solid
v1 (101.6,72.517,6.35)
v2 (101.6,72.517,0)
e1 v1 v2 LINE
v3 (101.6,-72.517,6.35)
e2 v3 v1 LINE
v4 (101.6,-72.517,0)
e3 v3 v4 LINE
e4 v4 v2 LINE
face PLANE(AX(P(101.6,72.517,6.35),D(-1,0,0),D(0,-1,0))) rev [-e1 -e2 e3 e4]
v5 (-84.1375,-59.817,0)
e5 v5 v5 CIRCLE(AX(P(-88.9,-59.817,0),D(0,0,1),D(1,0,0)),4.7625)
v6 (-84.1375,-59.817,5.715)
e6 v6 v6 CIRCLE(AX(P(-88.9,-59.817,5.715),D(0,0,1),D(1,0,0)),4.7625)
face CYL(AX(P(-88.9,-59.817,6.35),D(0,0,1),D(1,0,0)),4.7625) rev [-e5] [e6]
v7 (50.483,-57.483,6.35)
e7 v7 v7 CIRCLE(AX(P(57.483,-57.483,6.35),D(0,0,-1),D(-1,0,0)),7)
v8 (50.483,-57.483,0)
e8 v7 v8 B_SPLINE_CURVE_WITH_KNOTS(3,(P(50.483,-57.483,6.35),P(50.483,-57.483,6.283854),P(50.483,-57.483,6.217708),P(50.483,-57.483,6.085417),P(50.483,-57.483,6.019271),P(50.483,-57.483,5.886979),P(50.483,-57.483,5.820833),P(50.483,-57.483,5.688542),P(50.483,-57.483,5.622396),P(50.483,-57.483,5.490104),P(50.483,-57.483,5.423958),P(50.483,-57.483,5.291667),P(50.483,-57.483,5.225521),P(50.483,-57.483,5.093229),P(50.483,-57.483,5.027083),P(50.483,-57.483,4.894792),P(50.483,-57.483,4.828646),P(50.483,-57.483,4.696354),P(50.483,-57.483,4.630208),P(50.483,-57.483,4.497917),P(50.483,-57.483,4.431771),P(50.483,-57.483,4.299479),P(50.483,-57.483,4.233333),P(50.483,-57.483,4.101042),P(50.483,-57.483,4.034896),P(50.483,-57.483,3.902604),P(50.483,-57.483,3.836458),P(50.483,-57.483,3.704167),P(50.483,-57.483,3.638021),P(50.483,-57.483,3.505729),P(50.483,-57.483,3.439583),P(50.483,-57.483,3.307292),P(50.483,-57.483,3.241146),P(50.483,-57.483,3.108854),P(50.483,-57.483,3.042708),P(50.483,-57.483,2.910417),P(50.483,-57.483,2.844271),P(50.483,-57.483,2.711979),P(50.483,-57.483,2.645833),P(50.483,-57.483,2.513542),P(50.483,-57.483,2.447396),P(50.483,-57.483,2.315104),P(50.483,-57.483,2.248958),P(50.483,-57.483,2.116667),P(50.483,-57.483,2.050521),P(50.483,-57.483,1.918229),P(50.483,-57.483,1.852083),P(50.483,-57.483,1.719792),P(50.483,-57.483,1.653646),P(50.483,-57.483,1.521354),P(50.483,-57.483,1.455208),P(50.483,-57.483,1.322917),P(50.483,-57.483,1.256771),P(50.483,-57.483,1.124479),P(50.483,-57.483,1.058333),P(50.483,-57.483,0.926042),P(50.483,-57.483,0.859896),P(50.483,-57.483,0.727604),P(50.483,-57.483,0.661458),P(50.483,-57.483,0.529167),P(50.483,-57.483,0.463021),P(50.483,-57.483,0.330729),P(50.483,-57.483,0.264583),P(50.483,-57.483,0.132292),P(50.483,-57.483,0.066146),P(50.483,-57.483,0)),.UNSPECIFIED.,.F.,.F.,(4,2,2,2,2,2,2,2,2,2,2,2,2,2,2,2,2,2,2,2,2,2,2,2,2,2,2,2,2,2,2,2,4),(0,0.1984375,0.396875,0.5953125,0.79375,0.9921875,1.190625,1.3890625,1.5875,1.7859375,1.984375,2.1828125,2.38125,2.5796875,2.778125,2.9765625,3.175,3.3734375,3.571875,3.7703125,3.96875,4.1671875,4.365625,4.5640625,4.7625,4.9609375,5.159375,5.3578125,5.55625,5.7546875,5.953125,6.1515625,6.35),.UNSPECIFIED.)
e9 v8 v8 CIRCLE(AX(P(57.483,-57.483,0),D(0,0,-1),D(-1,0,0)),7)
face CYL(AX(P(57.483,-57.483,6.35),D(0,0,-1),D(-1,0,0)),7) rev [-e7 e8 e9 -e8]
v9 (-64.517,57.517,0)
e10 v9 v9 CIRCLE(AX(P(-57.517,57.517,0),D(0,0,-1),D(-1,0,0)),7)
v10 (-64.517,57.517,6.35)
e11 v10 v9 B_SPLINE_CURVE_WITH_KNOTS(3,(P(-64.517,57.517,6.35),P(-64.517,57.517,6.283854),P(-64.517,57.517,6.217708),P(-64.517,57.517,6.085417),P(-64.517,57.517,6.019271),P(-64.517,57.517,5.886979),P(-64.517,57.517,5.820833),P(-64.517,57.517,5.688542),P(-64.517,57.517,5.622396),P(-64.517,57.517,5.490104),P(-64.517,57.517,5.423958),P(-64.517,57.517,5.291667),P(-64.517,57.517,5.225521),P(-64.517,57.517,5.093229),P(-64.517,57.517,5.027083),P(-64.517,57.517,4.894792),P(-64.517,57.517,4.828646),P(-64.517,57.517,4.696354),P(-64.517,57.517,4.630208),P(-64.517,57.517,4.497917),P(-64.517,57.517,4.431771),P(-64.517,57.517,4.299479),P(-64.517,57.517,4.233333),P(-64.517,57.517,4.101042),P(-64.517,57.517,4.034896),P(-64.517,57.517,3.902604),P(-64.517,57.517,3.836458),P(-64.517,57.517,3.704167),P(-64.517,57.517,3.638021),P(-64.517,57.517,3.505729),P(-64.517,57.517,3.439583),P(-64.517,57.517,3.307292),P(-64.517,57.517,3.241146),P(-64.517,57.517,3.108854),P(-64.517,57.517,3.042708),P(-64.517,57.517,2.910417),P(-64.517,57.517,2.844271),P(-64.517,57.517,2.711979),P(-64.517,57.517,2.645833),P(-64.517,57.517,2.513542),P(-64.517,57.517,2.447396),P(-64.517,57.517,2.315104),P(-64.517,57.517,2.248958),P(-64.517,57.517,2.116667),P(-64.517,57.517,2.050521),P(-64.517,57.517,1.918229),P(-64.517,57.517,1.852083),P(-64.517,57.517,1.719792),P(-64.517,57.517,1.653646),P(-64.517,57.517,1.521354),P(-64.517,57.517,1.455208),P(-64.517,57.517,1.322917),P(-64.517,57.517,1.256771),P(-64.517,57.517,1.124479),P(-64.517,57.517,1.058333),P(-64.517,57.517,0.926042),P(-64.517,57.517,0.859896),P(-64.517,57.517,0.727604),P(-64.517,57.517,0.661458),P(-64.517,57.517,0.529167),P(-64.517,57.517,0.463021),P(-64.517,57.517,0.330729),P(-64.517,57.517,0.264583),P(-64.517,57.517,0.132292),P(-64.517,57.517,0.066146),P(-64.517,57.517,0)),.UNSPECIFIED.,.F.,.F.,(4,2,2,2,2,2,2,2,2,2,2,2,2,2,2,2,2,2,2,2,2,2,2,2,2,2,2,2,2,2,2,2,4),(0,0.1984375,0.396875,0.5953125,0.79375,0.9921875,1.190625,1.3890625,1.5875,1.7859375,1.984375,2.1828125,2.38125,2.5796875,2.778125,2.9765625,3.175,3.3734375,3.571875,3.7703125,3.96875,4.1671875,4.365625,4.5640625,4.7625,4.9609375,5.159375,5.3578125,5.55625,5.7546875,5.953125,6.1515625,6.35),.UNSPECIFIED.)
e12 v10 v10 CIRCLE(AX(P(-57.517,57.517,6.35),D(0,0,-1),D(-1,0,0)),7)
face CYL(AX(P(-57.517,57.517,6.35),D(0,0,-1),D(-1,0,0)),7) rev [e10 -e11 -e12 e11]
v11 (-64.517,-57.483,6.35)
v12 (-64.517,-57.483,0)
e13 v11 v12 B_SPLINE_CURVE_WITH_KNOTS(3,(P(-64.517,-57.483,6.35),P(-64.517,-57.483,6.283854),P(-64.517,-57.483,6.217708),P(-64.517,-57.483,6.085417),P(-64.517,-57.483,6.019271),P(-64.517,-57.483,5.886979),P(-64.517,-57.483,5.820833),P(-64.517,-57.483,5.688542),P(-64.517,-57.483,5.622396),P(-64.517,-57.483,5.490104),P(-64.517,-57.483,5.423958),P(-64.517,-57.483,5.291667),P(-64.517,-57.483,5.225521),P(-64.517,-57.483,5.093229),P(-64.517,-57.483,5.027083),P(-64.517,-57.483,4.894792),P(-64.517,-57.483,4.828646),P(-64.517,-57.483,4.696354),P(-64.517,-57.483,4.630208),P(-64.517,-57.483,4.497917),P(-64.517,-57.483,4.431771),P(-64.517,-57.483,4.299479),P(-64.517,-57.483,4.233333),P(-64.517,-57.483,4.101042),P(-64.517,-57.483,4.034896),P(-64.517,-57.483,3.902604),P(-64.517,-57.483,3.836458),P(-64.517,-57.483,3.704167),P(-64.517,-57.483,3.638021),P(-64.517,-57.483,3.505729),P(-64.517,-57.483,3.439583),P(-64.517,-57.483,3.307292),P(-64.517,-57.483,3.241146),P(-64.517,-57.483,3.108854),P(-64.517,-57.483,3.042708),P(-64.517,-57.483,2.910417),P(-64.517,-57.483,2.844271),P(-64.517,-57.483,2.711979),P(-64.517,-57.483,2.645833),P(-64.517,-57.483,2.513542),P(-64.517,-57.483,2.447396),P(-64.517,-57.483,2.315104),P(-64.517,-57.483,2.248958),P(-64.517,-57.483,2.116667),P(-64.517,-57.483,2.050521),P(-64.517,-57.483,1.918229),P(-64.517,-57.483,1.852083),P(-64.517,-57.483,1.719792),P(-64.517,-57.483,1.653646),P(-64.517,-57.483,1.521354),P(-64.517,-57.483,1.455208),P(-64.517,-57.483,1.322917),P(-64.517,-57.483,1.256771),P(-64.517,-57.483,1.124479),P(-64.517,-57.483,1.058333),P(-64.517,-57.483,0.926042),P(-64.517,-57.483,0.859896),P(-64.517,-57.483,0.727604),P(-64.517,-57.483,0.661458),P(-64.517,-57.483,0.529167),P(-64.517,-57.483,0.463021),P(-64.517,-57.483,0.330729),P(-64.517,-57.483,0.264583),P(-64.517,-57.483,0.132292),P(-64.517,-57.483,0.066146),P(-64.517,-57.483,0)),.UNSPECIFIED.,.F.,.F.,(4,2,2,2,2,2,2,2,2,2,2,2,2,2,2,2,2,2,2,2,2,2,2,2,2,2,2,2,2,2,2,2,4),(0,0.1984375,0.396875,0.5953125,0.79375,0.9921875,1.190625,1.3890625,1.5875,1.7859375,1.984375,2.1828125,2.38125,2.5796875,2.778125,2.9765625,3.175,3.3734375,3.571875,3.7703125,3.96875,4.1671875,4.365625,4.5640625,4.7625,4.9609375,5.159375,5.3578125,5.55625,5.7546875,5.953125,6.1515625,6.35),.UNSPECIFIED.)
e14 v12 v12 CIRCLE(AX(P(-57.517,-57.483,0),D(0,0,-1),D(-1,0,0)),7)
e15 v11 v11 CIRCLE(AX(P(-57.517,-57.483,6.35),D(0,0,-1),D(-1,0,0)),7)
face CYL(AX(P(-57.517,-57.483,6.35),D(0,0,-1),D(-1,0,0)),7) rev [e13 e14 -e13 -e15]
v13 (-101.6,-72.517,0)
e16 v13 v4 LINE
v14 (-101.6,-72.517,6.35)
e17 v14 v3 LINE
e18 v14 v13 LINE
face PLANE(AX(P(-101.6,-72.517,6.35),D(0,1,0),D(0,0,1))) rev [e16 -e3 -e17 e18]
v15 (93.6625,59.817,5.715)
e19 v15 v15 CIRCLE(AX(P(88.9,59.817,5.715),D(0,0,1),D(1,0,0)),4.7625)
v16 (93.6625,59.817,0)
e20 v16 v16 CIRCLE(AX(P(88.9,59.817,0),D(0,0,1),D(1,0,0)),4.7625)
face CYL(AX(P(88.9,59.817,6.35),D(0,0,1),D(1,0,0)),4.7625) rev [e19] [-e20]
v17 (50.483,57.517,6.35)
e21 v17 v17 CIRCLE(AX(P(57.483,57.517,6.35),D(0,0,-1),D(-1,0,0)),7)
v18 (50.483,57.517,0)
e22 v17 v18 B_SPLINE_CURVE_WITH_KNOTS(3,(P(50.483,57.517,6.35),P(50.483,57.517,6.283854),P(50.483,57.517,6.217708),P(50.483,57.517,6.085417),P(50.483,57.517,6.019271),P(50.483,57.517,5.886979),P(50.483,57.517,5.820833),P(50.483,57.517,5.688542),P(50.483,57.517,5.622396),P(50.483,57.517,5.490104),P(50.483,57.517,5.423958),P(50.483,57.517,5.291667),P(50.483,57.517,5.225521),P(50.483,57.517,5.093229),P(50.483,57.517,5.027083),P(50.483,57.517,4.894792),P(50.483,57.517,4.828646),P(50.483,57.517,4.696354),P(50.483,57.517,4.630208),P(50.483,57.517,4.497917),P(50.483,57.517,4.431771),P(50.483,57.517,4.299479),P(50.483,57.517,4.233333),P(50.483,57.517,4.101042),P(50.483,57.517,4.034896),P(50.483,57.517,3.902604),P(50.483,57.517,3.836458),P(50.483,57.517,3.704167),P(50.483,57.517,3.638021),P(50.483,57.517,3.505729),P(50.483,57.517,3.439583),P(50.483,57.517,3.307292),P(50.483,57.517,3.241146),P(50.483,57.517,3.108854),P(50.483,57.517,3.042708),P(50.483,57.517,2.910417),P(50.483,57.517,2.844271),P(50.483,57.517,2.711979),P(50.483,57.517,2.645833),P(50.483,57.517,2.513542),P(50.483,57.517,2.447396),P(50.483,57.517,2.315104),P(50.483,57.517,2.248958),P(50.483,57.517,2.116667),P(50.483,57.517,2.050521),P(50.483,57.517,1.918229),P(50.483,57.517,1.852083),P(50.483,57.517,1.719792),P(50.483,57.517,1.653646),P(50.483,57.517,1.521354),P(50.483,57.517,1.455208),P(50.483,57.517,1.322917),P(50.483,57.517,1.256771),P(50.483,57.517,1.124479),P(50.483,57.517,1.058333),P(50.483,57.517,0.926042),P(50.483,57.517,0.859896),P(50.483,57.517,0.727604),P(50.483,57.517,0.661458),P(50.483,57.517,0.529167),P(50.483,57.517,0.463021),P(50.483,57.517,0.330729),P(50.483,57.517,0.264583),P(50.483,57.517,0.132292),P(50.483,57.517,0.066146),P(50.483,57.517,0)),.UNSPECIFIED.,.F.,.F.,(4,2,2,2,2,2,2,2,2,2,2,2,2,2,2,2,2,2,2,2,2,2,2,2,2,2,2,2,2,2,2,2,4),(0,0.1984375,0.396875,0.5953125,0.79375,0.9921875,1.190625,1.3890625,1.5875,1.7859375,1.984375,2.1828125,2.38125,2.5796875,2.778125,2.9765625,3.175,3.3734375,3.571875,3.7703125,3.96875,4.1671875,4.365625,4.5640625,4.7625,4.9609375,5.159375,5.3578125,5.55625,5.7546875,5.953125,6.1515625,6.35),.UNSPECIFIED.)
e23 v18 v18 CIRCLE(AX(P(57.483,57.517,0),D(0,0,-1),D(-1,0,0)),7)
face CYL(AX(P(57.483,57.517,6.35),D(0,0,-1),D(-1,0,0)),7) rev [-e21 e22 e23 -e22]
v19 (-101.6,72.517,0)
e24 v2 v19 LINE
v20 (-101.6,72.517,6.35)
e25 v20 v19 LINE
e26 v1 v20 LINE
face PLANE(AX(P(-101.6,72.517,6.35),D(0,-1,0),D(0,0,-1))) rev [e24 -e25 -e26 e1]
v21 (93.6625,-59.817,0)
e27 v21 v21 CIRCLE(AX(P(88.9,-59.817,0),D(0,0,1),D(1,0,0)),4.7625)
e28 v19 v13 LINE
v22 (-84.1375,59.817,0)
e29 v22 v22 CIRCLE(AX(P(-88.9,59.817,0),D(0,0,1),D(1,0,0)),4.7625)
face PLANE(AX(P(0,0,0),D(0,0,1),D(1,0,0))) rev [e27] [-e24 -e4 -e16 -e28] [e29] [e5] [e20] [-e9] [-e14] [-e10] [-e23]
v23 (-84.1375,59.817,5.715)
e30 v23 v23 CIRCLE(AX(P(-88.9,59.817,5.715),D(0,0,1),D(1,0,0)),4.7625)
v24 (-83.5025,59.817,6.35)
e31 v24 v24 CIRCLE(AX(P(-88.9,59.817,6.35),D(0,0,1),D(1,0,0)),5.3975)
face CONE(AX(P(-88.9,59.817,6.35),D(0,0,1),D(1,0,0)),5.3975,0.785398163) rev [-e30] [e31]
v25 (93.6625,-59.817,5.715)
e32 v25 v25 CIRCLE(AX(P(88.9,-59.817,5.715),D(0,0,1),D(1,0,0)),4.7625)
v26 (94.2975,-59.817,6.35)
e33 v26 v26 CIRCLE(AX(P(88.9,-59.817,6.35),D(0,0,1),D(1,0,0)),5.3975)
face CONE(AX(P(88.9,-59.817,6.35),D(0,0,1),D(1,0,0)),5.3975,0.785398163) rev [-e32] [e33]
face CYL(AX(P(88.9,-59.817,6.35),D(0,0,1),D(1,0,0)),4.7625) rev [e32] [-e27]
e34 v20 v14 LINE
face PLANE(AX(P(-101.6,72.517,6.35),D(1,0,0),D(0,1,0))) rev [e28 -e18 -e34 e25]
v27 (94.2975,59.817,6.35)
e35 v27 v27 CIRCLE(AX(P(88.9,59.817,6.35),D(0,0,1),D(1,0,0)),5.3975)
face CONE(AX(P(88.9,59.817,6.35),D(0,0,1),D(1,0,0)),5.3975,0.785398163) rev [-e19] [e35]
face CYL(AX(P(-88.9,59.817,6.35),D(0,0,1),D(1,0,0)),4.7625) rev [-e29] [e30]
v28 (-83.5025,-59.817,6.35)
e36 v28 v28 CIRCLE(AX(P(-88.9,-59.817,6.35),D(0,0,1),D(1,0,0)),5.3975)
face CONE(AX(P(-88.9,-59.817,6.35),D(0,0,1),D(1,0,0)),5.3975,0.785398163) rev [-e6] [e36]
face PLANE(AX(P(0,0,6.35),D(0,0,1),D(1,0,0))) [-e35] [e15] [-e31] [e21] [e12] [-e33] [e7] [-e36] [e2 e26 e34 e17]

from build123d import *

# Parameters (mm, degrees)
SKETCH1_W                              = 203.2
SKETCH1_H                              = 145.034
BOSS_EXTRUDE1_DEPTH                    = 6.35
F_3_8_0_375_DIAMETER_HOLE1_D           = 9.525
F_3_8_0_375_DIAMETER_HOLE1_CSINK_D     = 10.795
F_3_8_0_375_DIAMETER_HOLE1_CSINK_ANGLE = 90
SKETCH4_R                              = 7
CUT_EXTRUDE1_DEPTH                     = 125.986390415


with BuildPart() as part:
    # Sketch1 → Boss-Extrude1 (new body)
    with BuildSketch(Plane.XY):
        Rectangle(SKETCH1_W, SKETCH1_H)
    extrude(amount=BOSS_EXTRUDE1_DEPTH)

    # 3/8 (0.375) Diameter Hole1 (through all)
    with Locations(Plane.XY.offset(6.35)):
        with Locations((-88.9, 59.817), (-88.9, -59.817), (88.9, -59.817), (88.9, 59.817)):
            CounterSinkHole(F_3_8_0_375_DIAMETER_HOLE1_D / 2, F_3_8_0_375_DIAMETER_HOLE1_CSINK_D / 2, counter_sink_angle=F_3_8_0_375_DIAMETER_HOLE1_CSINK_ANGLE)

    # Sketch4 → Cut-Extrude1 (cut, through all)
    with BuildSketch(Plane(origin=(0, 0, 0), x_dir=(-1, 0, 0), z_dir=(0, 0, -1))):
        with Locations((-57.483, 57.517)):
            Circle(SKETCH4_R)
        with Locations((57.517, 57.517)):
            Circle(SKETCH4_R)
        with Locations((57.517, -57.483)):
            Circle(SKETCH4_R)
        with Locations((-57.483, -57.483)):
            Circle(SKETCH4_R)
    extrude(amount=-CUT_EXTRUDE1_DEPTH, mode=Mode.SUBTRACT)


solid = part.part
